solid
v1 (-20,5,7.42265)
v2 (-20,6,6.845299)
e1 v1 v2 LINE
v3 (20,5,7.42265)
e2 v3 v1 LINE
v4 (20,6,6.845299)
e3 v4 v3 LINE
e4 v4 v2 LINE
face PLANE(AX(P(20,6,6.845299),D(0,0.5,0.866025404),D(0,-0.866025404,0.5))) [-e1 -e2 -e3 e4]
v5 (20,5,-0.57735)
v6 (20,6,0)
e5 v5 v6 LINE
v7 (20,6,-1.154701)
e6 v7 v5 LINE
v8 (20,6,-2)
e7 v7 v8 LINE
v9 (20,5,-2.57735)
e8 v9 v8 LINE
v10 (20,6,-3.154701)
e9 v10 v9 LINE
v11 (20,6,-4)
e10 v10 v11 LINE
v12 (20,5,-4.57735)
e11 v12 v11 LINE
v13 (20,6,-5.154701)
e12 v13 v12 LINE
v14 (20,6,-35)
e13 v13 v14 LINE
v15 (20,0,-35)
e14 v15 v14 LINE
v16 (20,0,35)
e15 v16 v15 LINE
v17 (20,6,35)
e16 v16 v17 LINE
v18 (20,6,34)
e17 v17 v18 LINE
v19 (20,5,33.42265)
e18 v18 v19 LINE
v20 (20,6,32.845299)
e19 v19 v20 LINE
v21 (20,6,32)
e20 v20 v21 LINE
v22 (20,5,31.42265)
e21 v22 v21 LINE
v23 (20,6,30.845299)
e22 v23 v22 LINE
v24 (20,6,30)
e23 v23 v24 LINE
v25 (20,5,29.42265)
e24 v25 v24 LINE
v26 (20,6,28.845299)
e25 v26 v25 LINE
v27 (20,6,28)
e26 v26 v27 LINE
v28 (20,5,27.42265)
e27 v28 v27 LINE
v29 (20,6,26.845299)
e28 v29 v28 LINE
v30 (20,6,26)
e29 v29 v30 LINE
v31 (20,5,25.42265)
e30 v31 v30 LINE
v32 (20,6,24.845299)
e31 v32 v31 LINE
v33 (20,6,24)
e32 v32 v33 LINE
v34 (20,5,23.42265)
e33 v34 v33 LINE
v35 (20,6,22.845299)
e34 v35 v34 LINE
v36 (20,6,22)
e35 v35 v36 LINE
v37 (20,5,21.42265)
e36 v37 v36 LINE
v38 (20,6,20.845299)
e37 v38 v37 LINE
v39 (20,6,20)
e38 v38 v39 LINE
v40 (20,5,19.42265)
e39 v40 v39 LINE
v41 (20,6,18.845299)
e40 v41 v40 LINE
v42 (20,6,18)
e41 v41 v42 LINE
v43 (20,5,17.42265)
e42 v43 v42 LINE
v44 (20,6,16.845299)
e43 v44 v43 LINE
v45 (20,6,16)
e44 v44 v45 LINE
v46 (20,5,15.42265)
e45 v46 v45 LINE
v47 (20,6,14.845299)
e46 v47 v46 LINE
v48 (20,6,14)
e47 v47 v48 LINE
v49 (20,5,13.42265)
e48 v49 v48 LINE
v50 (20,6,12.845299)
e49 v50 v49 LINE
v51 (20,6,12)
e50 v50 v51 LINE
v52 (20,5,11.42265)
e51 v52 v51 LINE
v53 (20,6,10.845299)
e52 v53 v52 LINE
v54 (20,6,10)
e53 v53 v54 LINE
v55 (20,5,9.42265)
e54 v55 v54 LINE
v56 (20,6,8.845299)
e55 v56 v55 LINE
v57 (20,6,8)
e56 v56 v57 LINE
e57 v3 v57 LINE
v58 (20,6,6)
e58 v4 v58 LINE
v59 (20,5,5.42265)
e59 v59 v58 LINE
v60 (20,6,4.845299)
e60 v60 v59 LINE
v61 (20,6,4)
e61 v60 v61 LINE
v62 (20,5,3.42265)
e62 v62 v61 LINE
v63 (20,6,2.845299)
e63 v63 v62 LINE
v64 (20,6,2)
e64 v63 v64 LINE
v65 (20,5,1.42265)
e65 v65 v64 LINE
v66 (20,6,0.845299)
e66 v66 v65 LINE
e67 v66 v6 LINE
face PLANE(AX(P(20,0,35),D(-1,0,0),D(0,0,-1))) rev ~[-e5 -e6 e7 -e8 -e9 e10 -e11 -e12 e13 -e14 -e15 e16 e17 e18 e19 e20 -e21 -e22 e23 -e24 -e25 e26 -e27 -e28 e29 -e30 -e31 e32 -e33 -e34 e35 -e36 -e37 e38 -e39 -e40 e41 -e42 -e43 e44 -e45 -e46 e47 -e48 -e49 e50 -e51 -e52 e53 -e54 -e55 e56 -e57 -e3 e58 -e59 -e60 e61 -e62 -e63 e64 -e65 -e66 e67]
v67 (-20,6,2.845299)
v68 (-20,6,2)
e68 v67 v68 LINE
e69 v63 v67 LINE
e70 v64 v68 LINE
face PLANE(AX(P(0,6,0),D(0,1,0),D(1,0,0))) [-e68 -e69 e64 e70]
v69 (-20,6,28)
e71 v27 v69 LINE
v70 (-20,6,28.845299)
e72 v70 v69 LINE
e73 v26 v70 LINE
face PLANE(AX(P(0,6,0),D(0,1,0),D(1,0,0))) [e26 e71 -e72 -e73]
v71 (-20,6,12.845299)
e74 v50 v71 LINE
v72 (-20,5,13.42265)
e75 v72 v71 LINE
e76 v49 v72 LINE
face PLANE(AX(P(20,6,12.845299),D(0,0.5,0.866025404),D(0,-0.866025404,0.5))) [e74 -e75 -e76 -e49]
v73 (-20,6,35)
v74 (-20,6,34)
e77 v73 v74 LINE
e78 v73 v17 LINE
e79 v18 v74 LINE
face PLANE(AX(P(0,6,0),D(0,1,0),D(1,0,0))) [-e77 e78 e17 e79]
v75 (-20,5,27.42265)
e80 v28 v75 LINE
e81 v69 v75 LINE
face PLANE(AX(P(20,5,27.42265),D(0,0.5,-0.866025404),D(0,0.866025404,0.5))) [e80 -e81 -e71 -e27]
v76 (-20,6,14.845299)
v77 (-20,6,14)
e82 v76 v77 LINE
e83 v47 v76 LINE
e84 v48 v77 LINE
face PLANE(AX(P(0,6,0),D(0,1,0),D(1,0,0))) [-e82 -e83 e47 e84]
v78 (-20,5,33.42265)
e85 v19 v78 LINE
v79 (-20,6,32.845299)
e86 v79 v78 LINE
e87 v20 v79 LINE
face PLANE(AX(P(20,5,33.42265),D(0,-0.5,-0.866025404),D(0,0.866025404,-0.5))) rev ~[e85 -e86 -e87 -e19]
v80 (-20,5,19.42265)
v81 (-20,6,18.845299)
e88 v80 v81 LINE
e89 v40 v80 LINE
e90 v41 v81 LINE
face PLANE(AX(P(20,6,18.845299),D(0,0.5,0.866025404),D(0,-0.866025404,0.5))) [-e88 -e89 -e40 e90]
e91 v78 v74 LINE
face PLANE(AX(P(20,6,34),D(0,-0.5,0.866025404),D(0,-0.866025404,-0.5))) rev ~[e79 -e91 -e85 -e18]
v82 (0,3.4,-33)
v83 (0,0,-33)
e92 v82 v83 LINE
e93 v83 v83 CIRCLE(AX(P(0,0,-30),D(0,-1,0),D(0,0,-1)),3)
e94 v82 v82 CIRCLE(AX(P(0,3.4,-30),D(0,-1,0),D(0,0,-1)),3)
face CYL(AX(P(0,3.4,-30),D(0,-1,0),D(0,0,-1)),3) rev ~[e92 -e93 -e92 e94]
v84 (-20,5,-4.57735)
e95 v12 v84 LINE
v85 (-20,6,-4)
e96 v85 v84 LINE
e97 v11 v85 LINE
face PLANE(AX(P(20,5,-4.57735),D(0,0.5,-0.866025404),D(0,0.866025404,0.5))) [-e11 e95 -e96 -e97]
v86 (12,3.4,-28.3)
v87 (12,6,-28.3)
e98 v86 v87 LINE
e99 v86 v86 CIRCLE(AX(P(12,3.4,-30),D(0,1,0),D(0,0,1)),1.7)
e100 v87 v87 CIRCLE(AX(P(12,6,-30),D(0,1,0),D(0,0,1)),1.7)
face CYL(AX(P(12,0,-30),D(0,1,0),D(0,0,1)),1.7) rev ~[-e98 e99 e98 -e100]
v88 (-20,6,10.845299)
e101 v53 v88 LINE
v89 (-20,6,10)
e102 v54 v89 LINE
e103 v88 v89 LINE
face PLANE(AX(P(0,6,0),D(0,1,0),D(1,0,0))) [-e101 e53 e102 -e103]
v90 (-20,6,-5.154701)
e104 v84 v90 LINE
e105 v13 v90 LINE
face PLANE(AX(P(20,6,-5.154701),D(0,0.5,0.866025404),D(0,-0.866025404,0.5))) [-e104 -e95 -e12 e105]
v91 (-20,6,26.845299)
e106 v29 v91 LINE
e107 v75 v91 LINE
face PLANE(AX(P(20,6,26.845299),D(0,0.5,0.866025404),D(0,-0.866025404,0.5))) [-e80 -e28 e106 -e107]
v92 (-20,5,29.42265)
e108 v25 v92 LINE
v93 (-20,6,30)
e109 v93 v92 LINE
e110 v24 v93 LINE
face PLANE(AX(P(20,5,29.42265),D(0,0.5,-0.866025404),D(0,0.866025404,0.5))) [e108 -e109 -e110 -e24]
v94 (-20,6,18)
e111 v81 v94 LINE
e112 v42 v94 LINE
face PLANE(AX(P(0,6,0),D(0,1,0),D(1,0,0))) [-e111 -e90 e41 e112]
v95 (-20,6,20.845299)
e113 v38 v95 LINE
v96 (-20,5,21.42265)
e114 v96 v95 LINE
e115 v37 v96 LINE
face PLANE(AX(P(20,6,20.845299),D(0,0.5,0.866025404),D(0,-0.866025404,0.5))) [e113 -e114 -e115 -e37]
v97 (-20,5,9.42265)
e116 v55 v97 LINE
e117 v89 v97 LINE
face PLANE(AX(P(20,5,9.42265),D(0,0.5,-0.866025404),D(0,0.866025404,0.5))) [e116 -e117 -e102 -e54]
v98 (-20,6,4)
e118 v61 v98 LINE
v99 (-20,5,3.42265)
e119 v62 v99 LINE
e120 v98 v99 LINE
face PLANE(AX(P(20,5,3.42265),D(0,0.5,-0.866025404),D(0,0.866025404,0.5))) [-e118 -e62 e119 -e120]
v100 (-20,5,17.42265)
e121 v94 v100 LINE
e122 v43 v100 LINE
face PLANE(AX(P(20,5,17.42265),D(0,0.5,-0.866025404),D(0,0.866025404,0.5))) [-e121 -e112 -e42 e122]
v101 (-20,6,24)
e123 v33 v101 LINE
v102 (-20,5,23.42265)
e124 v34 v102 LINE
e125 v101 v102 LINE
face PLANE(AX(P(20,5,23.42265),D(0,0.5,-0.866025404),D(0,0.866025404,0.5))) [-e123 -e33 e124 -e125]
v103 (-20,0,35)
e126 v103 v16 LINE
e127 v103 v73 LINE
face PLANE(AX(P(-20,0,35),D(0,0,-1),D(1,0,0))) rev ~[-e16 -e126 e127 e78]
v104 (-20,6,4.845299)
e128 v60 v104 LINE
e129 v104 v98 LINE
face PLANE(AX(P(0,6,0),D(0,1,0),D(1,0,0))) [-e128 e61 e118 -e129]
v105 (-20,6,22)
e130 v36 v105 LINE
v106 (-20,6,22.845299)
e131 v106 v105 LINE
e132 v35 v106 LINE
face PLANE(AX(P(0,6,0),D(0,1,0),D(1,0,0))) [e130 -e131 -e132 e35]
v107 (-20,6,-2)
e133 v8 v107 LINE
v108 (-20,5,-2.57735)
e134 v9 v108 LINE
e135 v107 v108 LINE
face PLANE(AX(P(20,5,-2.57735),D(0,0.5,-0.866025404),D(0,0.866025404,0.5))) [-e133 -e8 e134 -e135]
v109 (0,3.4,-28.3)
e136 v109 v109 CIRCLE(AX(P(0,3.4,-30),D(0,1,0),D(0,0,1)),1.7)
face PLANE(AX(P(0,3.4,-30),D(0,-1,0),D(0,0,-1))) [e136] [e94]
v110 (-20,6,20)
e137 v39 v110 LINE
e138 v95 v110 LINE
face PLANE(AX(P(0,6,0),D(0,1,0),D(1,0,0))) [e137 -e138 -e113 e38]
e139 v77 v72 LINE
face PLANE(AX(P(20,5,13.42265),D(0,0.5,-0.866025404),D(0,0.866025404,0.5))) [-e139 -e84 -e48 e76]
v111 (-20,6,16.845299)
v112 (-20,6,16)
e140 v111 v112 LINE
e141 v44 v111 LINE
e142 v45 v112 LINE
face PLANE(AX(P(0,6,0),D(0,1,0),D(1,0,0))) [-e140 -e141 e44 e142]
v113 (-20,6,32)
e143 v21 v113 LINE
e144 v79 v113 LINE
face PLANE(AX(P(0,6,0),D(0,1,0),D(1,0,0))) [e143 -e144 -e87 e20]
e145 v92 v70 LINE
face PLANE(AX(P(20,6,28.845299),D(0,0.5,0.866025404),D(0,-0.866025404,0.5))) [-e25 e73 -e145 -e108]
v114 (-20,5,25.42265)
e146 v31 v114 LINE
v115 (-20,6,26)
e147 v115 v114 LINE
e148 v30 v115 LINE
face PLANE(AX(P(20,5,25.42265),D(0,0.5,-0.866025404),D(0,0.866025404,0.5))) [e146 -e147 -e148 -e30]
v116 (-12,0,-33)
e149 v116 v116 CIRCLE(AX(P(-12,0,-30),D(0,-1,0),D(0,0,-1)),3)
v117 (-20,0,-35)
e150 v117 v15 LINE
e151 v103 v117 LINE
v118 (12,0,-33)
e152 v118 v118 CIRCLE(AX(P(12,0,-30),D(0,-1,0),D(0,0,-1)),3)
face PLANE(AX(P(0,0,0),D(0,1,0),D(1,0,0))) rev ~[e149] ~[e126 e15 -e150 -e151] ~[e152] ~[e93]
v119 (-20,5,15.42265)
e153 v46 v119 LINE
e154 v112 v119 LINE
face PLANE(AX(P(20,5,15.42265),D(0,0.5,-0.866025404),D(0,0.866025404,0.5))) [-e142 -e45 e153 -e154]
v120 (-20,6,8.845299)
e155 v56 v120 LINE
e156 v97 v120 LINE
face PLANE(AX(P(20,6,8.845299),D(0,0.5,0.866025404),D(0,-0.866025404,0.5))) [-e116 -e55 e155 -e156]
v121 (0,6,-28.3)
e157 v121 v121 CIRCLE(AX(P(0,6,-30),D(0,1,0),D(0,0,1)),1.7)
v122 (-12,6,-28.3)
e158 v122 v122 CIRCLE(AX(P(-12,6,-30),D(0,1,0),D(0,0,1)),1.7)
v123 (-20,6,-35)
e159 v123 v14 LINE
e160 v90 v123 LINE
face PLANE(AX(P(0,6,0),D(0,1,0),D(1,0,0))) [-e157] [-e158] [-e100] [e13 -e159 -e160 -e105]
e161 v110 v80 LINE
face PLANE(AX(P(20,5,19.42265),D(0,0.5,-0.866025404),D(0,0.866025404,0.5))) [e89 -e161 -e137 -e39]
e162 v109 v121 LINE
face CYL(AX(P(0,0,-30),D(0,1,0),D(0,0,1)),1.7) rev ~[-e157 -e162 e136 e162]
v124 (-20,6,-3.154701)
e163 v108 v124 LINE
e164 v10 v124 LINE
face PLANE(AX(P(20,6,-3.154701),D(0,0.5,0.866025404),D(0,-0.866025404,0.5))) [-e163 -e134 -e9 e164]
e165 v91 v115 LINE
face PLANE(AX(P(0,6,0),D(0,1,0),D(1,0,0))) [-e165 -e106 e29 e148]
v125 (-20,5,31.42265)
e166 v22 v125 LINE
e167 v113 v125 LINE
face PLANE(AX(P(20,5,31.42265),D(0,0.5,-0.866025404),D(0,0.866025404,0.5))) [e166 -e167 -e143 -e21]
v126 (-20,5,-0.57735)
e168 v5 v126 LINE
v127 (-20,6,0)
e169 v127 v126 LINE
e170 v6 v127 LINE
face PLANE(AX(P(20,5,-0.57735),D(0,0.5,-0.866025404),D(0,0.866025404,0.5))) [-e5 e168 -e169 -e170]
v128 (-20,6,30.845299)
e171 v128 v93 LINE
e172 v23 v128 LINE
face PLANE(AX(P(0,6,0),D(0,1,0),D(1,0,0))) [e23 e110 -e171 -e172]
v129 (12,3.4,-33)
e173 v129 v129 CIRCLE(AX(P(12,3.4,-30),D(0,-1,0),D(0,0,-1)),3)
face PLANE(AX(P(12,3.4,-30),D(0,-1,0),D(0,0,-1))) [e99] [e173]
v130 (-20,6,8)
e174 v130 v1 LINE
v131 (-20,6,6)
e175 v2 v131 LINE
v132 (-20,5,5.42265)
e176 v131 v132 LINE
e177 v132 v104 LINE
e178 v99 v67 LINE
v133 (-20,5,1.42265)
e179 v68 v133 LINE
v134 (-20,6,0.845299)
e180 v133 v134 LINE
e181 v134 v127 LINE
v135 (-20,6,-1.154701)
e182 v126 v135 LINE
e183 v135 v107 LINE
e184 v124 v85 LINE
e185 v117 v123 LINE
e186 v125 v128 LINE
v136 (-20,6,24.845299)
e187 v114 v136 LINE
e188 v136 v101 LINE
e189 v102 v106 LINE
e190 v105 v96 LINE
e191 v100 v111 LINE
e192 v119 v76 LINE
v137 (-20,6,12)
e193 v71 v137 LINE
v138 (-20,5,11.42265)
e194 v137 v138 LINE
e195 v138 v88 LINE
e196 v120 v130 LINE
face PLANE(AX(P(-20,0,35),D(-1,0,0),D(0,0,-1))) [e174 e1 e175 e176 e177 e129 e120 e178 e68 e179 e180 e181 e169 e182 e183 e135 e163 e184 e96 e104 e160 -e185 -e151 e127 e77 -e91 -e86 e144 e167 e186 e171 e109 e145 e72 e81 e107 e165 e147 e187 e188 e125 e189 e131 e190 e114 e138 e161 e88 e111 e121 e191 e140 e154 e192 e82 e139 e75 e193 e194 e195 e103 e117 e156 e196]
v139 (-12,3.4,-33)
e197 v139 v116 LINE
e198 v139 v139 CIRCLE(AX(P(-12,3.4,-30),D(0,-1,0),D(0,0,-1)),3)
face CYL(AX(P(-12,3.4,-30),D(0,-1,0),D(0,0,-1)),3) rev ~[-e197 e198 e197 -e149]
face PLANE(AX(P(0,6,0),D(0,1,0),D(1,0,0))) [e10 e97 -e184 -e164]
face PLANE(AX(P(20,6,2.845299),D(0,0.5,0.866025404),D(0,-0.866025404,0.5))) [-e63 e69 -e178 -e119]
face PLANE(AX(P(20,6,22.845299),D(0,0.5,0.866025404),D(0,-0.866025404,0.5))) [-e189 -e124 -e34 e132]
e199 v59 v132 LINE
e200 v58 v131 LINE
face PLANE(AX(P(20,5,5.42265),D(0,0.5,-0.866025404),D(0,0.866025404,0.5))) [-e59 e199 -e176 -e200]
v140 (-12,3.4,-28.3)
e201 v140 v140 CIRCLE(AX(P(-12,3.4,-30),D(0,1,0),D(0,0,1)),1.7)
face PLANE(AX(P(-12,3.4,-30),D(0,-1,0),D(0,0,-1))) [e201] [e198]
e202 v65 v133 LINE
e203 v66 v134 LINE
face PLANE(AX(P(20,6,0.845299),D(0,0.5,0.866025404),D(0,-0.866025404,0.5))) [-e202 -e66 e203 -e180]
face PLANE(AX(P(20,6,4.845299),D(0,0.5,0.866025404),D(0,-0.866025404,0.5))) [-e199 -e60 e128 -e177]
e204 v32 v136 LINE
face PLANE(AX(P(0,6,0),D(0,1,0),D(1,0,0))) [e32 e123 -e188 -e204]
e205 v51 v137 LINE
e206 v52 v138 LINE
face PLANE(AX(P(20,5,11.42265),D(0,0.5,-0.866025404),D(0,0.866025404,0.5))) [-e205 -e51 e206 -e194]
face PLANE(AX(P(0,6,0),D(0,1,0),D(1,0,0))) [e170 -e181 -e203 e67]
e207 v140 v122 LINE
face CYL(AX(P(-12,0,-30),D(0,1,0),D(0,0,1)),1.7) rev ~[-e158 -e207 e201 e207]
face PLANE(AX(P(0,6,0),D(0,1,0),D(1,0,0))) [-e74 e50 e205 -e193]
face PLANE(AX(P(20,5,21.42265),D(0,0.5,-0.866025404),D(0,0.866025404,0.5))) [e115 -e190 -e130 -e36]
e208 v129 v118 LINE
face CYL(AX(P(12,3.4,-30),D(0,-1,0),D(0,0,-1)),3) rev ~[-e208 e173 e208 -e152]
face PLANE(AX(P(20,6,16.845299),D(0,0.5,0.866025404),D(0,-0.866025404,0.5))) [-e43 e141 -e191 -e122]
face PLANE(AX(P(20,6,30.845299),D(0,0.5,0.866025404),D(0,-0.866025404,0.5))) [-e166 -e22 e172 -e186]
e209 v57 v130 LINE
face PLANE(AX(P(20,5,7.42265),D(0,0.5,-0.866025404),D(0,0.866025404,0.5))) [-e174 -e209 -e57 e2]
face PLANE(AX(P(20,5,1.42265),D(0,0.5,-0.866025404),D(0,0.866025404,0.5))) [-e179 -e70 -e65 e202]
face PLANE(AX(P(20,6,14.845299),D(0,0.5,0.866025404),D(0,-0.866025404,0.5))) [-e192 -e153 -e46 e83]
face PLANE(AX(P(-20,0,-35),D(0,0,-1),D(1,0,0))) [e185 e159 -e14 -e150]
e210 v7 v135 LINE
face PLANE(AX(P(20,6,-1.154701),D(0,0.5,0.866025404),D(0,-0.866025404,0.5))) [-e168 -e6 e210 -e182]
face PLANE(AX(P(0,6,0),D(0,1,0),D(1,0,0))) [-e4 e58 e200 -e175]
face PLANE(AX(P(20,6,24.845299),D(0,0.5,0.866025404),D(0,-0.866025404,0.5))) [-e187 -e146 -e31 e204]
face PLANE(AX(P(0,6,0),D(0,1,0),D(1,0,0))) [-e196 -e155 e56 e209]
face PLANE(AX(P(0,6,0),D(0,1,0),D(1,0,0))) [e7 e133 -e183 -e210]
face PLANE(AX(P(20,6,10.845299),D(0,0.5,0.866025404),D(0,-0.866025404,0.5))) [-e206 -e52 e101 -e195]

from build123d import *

# Parameters (mm, degrees)
SKETCH_1_W                = 40
SKETCH_1_H                = 70
EXTRUDE_1_DEPTH           = 6
CUT_EXTRUDE_1_DEPTH       = 54.488316481
HOLE_WIZARD_2_D           = 3.4
HOLE_WIZARD_2_CBORE_D     = 6
HOLE_WIZARD_2_CBORE_DEPTH = 3.4


with BuildPart() as part:
    # 草图1 → 凸台-拉伸1 (new body)
    with BuildSketch(Plane(origin=(0, 0, 0), x_dir=(1, 0, 0), z_dir=(0, 1, 0))):
        Rectangle(SKETCH_1_W, SKETCH_1_H)
    extrude(amount=EXTRUDE_1_DEPTH)

    # 草图4 → 切除-拉伸1 (cut, through all)
    with BuildSketch(Plane(origin=(20, 0, 0), x_dir=(0, 0, -1), z_dir=(1, 0, 0))):
        Polygon((-34, 6), (-33.422649731, 5), (-32.845299462, 6), align=None)
        Polygon((-32, 6), (-30.845299462, 6), (-31.422649731, 5), align=None)
        Polygon((-30, 6), (-28.845299462, 6), (-29.422649731, 5), align=None)
        Polygon((-28, 6), (-26.845299462, 6), (-27.422649731, 5), align=None)
        Polygon((-26, 6), (-24.845299462, 6), (-25.422649731, 5), align=None)
        Polygon((-24, 6), (-22.845299462, 6), (-23.422649731, 5), align=None)
        Polygon((-22, 6), (-20.845299462, 6), (-21.422649731, 5), align=None)
        Polygon((-20, 6), (-18.845299462, 6), (-19.422649731, 5), align=None)
        Polygon((-18, 6), (-16.845299462, 6), (-17.422649731, 5), align=None)
        Polygon((-16, 6), (-14.845299462, 6), (-15.422649731, 5), align=None)
        Polygon((-14, 6), (-12.845299462, 6), (-13.422649731, 5), align=None)
        Polygon((-12, 6), (-10.845299462, 6), (-11.422649731, 5), align=None)
        Polygon((-10, 6), (-8.845299462, 6), (-9.422649731, 5), align=None)
        Polygon((-8, 6), (-6.845299462, 6), (-7.422649731, 5), align=None)
        Polygon((-6, 6), (-4.845299462, 6), (-5.422649731, 5), align=None)
        Polygon((-4, 6), (-2.845299462, 6), (-3.422649731, 5), align=None)
        Polygon((-2, 6), (-0.845299462, 6), (-1.422649731, 5), align=None)
        Polygon((0, 6), (1.154700538, 6), (0.577350269, 5), align=None)
        Polygon((2, 6), (3.154700538, 6), (2.577350269, 5), align=None)
        Polygon((4, 6), (5.154700538, 6), (4.577350269, 5), align=None)
    extrude(amount=-CUT_EXTRUDE_1_DEPTH, mode=Mode.SUBTRACT)

    # 打孔尺寸(%根据)内六角圆柱头螺钉的类型2 (through all)
    with Locations(Plane(origin=(-12, 0, -30), x_dir=(0, 0, -1), z_dir=(0, -1, 0))):
        with Locations((0, 0), (0, 12), (0, 24)):
            CounterBoreHole(HOLE_WIZARD_2_D / 2, HOLE_WIZARD_2_CBORE_D / 2, HOLE_WIZARD_2_CBORE_DEPTH)


solid = part.part
